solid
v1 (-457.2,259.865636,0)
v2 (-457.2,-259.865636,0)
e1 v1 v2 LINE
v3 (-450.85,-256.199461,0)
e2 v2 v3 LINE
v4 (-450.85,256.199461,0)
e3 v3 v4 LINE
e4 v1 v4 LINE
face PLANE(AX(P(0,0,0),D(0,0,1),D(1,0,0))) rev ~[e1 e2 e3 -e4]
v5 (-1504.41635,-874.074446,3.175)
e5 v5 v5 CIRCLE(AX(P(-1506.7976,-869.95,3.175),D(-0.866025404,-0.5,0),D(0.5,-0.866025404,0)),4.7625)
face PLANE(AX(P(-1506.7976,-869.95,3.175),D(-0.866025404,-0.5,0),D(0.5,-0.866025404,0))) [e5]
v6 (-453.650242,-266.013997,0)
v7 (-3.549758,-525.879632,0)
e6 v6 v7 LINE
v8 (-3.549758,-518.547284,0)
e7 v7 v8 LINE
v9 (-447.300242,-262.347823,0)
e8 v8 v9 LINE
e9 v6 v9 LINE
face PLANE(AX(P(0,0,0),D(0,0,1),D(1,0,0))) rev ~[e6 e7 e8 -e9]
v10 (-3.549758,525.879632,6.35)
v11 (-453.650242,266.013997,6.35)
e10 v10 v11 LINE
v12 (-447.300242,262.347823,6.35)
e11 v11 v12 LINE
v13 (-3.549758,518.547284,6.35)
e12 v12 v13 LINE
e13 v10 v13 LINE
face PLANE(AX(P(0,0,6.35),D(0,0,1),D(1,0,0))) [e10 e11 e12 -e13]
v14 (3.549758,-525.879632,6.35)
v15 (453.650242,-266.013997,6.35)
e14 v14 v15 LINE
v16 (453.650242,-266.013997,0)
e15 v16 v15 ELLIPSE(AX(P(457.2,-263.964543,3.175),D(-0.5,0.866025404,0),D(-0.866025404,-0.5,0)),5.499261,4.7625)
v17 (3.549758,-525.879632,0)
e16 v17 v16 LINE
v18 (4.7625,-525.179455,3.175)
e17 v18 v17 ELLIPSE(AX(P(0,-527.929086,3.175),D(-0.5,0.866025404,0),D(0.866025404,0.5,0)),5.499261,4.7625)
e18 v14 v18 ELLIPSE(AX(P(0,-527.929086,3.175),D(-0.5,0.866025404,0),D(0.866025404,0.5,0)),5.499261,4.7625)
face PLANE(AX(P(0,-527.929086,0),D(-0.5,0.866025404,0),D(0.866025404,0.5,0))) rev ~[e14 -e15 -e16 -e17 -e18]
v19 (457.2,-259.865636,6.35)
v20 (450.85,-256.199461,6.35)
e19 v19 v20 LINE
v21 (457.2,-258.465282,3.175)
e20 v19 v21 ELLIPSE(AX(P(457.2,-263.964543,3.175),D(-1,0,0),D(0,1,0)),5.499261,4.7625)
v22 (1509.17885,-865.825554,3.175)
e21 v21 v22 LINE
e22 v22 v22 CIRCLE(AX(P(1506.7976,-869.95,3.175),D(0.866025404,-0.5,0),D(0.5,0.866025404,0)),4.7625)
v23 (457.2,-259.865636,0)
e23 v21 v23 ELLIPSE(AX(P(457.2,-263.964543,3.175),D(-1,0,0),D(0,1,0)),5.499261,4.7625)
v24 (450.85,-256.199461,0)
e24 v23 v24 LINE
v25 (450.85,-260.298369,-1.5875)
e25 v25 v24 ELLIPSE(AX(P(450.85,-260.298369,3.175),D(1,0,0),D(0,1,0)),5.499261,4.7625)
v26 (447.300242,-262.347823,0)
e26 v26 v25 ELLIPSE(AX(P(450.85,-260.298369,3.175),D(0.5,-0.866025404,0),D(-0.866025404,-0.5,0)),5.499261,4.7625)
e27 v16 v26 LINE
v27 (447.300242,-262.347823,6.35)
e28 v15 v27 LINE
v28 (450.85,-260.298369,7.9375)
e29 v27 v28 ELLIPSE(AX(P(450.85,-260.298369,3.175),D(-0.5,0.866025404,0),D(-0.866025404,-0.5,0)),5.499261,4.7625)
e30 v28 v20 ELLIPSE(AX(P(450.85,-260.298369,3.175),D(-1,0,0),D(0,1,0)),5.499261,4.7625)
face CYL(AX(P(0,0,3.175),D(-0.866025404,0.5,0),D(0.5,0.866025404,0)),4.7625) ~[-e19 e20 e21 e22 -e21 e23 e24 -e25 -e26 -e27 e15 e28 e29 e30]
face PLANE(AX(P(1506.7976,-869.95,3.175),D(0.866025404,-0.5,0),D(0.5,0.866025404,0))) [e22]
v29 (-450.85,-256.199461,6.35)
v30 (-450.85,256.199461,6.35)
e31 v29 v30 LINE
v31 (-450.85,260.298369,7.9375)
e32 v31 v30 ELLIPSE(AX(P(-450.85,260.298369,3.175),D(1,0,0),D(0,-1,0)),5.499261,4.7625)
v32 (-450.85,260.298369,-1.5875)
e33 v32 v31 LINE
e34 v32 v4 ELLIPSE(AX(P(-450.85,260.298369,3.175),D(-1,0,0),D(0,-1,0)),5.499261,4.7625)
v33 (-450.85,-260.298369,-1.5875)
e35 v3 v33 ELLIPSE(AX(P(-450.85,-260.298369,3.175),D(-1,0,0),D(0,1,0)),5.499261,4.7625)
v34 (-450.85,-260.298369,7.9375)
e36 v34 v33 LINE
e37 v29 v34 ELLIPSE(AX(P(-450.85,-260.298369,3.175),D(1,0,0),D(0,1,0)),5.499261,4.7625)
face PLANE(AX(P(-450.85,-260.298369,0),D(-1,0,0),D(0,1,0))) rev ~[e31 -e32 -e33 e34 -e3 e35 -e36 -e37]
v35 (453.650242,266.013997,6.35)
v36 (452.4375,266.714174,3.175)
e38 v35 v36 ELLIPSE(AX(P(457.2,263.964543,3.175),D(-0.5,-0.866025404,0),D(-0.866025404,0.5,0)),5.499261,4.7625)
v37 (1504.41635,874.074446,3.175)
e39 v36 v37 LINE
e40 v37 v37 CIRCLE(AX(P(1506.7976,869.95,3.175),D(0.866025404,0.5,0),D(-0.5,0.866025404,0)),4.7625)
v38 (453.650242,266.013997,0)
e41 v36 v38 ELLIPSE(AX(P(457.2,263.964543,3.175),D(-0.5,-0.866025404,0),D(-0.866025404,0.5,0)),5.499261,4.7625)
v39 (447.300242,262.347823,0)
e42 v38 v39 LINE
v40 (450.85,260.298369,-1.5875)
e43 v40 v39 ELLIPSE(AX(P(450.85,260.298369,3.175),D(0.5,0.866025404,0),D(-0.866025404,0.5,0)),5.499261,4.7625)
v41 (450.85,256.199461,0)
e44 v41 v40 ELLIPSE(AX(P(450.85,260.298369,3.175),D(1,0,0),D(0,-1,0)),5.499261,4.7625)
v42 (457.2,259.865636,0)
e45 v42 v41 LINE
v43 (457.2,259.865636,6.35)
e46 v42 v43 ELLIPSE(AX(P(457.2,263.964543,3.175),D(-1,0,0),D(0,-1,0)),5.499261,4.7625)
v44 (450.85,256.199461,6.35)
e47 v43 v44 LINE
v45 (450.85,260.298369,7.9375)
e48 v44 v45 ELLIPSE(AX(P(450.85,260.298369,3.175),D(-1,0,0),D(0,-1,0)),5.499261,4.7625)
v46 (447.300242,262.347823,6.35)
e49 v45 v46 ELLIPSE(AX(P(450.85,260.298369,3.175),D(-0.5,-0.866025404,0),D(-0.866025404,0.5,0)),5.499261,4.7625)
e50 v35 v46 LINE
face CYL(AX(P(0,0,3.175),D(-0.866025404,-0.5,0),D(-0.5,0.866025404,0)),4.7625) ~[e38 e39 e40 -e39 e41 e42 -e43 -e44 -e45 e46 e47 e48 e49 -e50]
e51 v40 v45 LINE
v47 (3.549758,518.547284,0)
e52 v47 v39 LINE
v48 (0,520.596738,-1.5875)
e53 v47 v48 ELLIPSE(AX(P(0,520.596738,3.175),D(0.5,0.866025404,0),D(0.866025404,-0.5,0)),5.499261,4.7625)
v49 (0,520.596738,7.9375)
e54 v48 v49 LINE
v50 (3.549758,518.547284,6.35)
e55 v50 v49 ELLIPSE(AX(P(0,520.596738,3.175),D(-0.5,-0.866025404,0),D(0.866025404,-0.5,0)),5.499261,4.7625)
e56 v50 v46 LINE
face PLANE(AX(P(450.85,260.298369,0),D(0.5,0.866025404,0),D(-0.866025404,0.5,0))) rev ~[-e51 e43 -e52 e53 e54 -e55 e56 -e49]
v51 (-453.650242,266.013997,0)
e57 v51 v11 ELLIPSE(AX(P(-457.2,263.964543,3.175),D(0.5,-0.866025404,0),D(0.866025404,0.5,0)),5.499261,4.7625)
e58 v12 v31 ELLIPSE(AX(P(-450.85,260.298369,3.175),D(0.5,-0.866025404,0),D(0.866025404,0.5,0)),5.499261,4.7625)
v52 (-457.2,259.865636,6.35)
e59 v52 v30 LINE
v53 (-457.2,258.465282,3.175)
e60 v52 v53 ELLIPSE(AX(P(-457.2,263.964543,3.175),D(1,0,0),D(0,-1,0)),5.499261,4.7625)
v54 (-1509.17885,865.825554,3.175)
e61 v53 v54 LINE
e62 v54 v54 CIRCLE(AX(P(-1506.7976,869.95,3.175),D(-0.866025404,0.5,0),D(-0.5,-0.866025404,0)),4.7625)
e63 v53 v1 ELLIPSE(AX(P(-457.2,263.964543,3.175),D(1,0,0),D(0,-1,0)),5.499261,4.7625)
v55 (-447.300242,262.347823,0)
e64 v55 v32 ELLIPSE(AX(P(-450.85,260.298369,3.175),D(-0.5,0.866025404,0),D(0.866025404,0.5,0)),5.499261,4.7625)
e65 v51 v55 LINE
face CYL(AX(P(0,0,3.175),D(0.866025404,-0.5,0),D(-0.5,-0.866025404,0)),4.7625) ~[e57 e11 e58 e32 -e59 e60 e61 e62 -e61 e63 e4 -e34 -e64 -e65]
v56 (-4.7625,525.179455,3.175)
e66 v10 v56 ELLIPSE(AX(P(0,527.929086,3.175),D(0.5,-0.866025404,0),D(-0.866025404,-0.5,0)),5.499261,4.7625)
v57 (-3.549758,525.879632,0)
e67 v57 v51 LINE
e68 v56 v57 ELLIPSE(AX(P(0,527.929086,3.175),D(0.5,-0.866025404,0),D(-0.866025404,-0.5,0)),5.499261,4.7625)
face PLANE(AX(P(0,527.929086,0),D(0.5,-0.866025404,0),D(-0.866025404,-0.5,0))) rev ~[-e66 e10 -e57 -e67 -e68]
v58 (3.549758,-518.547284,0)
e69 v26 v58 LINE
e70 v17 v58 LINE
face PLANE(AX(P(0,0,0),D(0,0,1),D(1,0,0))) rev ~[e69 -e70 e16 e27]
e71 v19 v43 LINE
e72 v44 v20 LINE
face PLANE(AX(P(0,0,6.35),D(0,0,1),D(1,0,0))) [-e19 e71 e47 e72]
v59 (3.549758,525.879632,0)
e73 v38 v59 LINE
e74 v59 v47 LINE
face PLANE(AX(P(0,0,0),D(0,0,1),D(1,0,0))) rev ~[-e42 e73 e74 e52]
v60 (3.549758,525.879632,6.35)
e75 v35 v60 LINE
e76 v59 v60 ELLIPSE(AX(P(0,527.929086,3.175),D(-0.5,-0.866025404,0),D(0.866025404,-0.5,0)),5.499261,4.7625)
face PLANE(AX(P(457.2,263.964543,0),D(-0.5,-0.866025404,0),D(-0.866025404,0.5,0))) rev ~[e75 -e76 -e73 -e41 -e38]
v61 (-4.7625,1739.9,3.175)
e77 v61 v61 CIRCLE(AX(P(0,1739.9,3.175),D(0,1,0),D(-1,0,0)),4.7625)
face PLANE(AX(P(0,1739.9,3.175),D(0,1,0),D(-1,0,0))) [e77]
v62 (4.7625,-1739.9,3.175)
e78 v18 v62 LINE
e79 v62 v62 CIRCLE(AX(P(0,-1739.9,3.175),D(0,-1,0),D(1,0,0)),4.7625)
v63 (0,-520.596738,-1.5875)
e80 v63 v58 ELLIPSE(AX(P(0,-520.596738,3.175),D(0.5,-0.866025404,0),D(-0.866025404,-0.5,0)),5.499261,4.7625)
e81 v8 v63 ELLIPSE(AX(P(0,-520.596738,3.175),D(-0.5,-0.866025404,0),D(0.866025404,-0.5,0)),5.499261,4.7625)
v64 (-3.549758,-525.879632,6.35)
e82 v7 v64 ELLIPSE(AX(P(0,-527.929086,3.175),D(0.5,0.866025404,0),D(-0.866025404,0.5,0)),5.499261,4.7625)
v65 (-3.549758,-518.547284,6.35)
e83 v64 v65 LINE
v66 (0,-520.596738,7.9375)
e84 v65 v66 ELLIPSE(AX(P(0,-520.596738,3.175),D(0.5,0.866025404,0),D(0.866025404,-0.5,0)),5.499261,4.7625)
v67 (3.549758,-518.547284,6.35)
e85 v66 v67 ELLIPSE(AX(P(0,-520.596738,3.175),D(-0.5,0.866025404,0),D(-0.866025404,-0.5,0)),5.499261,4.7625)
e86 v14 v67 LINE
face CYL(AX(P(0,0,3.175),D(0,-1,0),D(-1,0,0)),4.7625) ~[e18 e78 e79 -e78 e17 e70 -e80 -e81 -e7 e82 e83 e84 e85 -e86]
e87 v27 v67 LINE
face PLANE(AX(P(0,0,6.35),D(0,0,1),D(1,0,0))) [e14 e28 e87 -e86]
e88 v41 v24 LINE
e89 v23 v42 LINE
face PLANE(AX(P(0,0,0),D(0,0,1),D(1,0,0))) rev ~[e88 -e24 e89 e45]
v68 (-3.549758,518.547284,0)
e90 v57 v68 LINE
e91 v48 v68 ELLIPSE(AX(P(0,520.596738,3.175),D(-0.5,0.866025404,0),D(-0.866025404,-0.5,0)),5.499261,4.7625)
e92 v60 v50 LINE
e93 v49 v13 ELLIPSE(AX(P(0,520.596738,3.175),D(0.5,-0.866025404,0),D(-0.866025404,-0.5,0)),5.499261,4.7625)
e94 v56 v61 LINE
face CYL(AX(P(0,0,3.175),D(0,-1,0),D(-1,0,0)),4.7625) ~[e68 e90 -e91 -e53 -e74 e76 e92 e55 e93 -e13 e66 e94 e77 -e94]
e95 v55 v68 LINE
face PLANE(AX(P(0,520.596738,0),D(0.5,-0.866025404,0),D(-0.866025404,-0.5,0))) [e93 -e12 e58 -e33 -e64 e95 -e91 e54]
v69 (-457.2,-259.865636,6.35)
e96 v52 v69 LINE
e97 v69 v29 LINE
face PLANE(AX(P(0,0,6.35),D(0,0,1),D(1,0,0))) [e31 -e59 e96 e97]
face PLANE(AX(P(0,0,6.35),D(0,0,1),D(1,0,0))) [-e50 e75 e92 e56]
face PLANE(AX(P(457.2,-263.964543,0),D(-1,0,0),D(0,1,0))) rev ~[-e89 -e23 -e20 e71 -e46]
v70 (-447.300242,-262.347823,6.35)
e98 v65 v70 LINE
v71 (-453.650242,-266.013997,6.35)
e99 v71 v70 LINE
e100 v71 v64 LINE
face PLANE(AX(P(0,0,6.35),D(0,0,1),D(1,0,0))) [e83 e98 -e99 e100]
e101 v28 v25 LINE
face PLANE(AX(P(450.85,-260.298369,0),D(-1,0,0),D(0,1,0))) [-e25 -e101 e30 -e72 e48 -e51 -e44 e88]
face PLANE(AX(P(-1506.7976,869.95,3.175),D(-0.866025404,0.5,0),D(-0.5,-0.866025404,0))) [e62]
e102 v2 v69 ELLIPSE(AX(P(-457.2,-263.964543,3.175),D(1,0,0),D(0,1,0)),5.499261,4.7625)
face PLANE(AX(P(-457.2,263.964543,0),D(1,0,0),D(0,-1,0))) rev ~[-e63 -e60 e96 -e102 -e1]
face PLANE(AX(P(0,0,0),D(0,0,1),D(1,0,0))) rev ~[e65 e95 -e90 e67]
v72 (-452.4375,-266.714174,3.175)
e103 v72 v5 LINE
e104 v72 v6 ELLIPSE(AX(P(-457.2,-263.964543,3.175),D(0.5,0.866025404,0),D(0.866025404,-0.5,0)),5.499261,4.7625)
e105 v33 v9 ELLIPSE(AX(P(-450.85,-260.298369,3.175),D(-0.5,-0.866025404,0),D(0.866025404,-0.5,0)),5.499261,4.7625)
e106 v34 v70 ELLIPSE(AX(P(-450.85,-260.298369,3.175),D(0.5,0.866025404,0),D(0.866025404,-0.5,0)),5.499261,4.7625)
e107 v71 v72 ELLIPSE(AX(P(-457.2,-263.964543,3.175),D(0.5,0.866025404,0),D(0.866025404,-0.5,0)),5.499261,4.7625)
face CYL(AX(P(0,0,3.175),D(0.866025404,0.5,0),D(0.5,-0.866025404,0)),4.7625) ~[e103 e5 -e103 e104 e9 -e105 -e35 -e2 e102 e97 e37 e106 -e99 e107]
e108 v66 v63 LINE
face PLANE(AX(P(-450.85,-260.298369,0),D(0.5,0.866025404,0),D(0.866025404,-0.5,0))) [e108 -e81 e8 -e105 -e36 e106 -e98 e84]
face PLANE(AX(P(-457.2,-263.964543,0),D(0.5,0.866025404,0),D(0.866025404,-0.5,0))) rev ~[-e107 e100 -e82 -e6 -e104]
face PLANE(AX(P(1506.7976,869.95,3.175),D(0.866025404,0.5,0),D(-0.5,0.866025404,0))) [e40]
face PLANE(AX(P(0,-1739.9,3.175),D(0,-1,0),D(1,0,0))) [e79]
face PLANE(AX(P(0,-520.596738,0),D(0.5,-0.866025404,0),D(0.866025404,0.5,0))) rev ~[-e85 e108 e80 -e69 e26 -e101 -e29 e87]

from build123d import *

# Parameters (mm, degrees)
F1_DEPTH      = 6.35
F2_R          = 4.7625
F3_DEPTH      = 1739.9
F5_COUNT      = 6
F7_DEPTH      = 25.4
F7_DEPTH_BACK = 25.4


with BuildPart() as f1:
    # F0 (on Top) → F1 (new body)
    with BuildSketch(Plane.XY):
        Polygon((457.2, 263.9645430735), (0, 527.929086147), (-457.2, 263.9645430735), (-457.2, -263.9645430735), (0, -527.929086147), (457.2, -263.9645430735), align=None)
        Polygon((-450.85, 260.2983688641), (0, 520.5967377283), (450.85, 260.2983688641), (450.85, -260.2983688641), (0, -520.5967377283), (-450.85, -260.2983688641), align=None, mode=Mode.SUBTRACT)
    extrude(amount=F1_DEPTH)

    # F2 (on Front) → F3 (join)
    with BuildSketch(Plane.XZ):
        with Locations((0, 3.175)):
            Circle(F2_R)
    extrude(amount=F3_DEPTH)

    # F5: F1 ×6 about axis
    f5_axis = Axis((0, 0, 11.23058144), (0, 0, 1))


with BuildPart() as f1_1:
    add(f1.part)
    for i in range(1, F5_COUNT):
        add(f1.part.rotate(f5_axis, i * 360 / F5_COUNT))

    # F6 (on Top) → F7 (cut, two sides)
    with BuildSketch(Plane.XY) as f7_sk:
        Polygon((450.85, -260.2983688641), (450.85, 260.2983688641), (0, 520.5967377283), (-450.85, 260.2983688641), (-450.85, -260.2983688641), (0, -520.5967377283), align=None)
    extrude(amount=-F7_DEPTH, mode=Mode.SUBTRACT)
    extrude(f7_sk.sketch, amount=F7_DEPTH_BACK, mode=Mode.SUBTRACT)


solid = f1_1.part
